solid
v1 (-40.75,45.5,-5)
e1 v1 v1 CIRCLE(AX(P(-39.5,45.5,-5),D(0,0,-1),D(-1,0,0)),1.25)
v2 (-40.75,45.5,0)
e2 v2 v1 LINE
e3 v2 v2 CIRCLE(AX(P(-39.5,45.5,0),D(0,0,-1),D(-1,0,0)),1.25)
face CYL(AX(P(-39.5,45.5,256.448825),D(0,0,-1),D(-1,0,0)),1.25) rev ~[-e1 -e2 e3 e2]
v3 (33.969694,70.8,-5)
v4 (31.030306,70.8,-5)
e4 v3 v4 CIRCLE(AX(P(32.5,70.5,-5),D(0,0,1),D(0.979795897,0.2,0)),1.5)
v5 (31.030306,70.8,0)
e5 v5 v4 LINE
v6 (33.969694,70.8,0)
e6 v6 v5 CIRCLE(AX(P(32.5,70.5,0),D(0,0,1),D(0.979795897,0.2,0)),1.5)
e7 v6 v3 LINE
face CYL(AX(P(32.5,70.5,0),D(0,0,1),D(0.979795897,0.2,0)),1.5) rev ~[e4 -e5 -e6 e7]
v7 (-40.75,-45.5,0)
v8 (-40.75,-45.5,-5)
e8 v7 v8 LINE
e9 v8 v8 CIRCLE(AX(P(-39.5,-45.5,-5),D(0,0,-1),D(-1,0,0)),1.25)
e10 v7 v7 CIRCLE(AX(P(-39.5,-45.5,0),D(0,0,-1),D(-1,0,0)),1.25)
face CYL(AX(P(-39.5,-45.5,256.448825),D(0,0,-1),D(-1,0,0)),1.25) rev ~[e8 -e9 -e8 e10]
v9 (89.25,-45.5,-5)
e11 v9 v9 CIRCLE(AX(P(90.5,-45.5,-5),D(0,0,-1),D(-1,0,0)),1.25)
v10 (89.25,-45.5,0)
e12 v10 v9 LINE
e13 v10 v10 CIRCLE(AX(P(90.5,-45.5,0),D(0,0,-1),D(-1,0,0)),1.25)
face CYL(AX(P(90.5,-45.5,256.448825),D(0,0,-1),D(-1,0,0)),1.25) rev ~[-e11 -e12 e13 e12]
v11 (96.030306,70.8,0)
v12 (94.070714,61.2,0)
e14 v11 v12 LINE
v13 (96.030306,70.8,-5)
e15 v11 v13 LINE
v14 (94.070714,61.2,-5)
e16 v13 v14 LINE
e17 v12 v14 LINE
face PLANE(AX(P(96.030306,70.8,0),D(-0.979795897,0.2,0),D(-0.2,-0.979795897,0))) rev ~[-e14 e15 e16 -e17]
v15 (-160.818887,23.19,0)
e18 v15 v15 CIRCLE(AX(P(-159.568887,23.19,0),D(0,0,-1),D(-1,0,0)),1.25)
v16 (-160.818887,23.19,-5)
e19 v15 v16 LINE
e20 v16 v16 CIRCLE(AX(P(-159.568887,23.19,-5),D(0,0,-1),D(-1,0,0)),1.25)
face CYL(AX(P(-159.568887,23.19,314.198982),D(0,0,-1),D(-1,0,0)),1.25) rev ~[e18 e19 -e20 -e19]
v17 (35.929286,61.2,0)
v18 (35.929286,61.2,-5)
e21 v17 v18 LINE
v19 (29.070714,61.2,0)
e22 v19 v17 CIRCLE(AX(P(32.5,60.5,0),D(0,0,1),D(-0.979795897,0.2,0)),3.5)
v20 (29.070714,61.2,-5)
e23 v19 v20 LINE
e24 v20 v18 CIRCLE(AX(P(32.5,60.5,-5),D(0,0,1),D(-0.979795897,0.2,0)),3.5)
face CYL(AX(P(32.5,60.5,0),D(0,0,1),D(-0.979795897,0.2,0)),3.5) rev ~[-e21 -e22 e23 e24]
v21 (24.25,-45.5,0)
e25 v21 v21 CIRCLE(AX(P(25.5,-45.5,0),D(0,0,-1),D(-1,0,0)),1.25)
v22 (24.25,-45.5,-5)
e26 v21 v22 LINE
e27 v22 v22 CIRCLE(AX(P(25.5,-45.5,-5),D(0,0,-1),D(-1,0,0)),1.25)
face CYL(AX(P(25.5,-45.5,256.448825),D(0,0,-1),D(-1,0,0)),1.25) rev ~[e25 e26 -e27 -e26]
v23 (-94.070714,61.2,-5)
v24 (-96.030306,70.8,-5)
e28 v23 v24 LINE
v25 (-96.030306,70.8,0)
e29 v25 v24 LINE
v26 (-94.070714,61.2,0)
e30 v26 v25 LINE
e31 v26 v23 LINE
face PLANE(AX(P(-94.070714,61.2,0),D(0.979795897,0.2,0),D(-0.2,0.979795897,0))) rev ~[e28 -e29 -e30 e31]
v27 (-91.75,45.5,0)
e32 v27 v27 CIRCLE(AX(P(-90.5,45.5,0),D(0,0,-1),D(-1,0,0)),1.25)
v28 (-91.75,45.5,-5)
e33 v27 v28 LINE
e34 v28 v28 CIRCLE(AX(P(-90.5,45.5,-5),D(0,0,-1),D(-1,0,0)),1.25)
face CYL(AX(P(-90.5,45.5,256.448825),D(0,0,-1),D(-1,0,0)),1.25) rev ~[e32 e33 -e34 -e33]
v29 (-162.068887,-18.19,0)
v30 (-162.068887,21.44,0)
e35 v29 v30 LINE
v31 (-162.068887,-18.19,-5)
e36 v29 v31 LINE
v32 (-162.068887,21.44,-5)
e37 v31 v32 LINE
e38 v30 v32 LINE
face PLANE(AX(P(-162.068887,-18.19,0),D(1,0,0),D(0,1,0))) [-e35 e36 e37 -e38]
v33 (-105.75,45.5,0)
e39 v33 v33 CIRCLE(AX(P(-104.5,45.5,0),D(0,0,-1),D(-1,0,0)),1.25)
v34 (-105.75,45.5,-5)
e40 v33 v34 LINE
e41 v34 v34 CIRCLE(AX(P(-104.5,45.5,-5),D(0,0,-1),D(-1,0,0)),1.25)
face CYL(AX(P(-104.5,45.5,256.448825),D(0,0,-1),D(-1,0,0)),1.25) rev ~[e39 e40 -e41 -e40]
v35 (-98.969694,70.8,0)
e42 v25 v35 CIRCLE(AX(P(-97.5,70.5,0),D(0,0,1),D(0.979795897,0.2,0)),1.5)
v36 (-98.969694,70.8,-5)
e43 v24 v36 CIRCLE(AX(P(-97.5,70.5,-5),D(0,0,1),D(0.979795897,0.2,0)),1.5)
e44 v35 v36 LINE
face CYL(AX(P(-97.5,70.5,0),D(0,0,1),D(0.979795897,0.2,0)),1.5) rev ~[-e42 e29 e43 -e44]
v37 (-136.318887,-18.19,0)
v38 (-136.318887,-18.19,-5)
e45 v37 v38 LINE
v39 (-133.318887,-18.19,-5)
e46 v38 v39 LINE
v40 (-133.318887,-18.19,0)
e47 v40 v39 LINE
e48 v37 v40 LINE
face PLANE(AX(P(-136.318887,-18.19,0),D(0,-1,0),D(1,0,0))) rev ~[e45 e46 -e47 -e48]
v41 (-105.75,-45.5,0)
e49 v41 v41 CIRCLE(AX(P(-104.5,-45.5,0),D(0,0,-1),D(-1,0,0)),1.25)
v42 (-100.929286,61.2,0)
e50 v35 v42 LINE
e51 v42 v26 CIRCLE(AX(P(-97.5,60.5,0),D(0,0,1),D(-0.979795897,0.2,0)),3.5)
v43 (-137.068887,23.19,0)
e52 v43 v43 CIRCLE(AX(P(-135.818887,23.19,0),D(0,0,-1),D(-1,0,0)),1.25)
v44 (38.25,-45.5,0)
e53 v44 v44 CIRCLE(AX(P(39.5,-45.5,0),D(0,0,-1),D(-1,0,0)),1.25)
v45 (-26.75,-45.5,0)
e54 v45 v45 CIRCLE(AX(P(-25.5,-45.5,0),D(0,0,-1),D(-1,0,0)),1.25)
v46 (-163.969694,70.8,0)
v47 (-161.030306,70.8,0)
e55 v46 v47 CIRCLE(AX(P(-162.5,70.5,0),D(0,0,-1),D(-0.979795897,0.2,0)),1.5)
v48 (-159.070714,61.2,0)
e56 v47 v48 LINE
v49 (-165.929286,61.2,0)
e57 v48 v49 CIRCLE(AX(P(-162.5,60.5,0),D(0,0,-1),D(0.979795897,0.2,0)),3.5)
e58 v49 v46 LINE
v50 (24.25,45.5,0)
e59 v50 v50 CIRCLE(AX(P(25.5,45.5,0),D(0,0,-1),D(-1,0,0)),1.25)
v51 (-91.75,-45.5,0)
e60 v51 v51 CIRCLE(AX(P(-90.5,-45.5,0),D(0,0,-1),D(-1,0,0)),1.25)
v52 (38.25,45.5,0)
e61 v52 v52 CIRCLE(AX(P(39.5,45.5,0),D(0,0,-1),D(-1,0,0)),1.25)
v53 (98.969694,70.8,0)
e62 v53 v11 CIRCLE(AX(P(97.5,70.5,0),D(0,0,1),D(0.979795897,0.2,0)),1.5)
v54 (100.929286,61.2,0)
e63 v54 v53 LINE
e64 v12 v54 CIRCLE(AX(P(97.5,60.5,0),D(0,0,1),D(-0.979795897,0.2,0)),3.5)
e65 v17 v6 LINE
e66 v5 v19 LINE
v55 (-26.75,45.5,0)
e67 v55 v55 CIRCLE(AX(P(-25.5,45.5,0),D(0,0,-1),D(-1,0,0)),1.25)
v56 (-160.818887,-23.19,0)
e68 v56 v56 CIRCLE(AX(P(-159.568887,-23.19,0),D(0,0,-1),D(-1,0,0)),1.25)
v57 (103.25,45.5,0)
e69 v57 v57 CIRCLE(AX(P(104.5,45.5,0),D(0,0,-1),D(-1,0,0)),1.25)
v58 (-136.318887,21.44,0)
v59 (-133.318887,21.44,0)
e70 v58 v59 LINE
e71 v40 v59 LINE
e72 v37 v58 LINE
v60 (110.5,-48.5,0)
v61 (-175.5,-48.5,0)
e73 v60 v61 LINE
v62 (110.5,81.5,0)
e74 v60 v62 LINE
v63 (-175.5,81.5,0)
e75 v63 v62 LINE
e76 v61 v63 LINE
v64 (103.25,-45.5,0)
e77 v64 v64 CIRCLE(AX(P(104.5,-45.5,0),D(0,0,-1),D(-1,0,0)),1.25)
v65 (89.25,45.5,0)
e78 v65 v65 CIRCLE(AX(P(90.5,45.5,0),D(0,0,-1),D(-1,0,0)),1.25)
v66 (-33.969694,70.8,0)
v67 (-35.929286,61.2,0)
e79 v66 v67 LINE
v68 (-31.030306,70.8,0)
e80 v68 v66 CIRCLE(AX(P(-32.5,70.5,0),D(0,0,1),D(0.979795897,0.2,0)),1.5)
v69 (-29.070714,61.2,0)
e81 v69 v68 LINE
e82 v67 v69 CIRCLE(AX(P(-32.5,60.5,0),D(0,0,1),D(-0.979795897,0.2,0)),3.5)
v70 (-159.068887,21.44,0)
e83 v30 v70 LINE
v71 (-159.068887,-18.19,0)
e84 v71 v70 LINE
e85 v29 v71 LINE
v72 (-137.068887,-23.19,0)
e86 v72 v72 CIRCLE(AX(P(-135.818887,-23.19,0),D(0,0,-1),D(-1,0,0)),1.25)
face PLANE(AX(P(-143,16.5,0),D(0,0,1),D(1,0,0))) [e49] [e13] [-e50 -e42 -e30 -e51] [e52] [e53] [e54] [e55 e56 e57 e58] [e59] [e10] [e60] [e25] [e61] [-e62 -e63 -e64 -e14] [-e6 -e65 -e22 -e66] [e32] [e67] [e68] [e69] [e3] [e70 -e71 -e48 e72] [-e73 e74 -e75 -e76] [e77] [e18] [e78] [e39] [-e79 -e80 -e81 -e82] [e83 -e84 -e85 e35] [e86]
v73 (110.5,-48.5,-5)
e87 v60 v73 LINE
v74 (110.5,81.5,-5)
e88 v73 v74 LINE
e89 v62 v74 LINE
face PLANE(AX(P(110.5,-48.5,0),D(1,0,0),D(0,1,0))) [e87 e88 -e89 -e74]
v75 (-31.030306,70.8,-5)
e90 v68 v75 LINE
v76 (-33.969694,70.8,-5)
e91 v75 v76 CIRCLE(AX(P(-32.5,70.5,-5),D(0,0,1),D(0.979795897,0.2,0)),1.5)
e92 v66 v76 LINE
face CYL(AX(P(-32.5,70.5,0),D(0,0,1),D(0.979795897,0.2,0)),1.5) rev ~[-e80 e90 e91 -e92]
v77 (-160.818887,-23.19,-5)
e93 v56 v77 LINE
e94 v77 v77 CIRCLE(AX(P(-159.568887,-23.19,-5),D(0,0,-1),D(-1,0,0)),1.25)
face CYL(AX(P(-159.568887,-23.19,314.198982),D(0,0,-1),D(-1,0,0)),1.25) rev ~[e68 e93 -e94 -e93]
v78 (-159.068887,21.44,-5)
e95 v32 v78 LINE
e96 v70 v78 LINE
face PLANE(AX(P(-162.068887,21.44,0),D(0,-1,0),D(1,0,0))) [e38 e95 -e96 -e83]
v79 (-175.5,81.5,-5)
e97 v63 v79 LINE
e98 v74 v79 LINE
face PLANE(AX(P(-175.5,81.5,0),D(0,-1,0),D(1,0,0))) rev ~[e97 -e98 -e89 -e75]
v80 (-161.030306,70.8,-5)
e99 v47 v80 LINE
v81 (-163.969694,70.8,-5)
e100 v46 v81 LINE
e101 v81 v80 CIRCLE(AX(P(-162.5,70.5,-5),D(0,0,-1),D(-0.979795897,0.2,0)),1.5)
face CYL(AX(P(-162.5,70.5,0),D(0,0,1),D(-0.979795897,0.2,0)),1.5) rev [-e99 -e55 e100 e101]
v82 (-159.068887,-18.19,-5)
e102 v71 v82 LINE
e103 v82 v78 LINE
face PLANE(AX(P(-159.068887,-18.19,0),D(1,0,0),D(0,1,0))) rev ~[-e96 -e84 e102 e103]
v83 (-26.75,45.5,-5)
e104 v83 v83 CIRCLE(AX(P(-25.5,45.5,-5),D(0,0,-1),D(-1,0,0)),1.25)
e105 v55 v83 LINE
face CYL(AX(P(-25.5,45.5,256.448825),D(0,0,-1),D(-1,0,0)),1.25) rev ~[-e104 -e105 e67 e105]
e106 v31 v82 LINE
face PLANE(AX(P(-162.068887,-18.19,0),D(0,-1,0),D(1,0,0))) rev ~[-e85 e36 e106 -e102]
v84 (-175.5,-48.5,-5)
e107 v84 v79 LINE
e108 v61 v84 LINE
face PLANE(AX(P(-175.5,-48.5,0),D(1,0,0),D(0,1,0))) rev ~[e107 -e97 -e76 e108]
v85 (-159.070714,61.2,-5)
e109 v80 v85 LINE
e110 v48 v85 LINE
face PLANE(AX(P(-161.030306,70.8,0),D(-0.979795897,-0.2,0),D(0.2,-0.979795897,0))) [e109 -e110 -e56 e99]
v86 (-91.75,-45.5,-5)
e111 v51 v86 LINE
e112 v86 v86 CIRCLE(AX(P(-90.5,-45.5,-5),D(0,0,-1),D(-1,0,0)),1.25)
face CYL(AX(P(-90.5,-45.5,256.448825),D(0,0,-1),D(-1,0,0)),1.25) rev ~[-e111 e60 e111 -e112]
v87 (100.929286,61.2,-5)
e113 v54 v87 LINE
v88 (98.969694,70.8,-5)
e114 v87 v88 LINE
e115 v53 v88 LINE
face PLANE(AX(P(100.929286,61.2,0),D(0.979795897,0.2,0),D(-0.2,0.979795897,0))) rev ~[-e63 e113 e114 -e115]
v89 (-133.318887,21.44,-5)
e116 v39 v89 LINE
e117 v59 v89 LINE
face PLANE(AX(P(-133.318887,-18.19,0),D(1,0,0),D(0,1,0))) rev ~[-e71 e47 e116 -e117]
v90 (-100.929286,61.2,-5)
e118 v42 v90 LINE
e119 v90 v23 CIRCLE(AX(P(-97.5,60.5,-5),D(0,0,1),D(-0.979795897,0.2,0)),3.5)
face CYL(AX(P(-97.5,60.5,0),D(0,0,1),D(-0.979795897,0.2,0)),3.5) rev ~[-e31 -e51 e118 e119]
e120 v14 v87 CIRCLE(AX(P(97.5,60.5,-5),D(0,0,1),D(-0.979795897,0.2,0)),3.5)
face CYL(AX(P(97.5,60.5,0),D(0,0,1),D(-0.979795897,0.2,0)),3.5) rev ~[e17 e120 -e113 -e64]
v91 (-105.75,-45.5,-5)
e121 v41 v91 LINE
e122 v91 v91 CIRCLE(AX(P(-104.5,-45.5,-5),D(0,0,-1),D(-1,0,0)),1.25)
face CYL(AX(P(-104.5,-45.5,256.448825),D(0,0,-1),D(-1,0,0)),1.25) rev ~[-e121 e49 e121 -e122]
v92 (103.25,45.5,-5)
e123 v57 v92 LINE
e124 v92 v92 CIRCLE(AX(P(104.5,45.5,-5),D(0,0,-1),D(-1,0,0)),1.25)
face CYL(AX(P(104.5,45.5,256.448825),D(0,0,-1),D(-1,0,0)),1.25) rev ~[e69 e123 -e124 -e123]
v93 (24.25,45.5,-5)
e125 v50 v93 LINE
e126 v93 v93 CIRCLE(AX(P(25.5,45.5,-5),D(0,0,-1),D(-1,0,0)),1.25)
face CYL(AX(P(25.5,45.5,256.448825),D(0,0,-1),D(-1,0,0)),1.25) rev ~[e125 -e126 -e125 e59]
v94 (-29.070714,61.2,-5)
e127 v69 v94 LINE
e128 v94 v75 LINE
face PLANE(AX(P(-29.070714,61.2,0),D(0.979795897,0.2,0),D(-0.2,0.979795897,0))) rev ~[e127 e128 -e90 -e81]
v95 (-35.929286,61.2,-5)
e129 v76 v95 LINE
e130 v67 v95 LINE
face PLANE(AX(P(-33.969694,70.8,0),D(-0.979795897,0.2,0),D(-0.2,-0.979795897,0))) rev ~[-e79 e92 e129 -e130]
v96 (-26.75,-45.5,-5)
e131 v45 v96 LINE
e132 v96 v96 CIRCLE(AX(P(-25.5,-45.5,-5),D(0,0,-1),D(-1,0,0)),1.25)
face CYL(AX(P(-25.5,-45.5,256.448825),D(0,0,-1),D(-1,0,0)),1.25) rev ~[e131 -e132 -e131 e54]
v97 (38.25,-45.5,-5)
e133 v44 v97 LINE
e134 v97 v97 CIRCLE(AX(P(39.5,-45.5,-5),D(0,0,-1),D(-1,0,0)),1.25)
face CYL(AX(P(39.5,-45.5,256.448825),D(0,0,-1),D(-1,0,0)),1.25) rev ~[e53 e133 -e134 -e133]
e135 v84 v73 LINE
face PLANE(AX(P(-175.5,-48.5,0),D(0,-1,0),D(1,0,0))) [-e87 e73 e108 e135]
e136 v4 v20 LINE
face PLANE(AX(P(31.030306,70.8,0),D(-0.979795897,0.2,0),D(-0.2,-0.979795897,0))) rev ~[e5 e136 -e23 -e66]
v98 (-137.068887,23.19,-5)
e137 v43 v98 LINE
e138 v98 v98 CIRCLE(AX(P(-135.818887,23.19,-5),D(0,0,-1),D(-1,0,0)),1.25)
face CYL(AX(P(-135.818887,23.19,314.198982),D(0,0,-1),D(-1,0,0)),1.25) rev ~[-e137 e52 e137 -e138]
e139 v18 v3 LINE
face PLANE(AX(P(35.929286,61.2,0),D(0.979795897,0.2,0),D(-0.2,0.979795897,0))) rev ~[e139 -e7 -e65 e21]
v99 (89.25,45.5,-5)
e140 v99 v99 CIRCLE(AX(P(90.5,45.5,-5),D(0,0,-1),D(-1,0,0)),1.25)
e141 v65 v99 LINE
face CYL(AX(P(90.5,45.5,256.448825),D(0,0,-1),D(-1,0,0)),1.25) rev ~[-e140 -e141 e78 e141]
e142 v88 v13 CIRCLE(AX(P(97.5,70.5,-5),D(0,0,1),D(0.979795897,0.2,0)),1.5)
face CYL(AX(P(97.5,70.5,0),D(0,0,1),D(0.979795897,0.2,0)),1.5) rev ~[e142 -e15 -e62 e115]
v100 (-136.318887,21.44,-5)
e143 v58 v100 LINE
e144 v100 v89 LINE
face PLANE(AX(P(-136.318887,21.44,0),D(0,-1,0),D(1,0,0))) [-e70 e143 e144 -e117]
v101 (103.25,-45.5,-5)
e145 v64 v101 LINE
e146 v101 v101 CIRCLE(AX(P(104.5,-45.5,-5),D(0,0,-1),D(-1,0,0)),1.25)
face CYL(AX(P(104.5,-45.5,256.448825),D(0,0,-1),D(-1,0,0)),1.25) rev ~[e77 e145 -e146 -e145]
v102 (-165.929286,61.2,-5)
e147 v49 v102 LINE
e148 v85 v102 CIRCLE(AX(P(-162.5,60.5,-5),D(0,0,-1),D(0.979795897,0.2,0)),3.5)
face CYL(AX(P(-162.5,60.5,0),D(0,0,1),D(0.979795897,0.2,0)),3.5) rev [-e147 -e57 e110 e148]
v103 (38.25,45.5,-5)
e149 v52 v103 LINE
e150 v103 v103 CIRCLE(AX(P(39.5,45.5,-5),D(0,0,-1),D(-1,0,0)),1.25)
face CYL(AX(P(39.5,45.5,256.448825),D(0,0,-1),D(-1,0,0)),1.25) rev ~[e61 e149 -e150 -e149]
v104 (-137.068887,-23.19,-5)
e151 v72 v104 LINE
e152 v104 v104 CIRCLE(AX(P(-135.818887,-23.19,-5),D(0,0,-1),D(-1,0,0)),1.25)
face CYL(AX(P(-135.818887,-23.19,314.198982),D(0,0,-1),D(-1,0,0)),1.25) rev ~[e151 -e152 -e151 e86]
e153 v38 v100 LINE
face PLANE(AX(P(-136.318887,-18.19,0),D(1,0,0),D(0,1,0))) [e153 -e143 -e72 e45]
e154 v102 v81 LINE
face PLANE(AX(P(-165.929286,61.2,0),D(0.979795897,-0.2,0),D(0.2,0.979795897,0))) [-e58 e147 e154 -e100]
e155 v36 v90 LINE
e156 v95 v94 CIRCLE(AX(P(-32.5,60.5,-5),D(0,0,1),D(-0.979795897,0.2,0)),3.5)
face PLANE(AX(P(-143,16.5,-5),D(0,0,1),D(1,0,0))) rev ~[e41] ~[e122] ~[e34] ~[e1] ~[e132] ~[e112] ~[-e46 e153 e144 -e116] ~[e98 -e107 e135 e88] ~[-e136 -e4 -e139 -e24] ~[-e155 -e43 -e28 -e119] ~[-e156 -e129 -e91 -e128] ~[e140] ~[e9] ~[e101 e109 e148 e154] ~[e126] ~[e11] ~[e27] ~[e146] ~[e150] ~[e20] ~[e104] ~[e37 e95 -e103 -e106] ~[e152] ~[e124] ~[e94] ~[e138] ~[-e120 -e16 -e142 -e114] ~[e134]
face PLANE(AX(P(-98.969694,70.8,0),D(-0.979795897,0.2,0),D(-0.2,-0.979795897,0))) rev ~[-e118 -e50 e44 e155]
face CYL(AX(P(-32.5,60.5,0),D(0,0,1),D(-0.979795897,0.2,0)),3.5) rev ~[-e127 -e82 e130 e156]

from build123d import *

# Parameters (mm, degrees)
SKETCH_1_W         = 221
SKETCH_1_H         = 130
EXTRUDE_1_DEPTH    = 5
HOLE_WIZARD_M3_1_D = 2.5
SKETCH_4_W         = 65
SKETCH_4_H         = 130
SKETCH_4_W_2       = 3
SKETCH_4_H_2       = 39.63
EXTRUDE_3_DEPTH    = 5
HOLE_WIZARD_M3_2_D = 2.5


with BuildPart() as part:
    # 草圖1 → 填料-伸長1 (new body)
    with BuildSketch(Plane.XY):
        with Locations((0, 16.5)):
            Rectangle(SKETCH_1_W, SKETCH_1_H)
        with BuildLine():
            ThreePointArc((98.969693846, 70.8), (97.5, 72), (96.030306154, 70.8))
            Line((96.030306154, 70.8), (94.07071436, 61.2))
            ThreePointArc((94.07071436, 61.2), (97.5, 57), (100.92928564, 61.2))
            Line((100.92928564, 61.2), (98.969693846, 70.8))
        make_face(mode=Mode.SUBTRACT)
        with BuildLine():
            ThreePointArc((33.969693846, 70.8), (32.5, 72), (31.030306154, 70.8))
            Line((31.030306154, 70.8), (29.07071436, 61.2))
            ThreePointArc((29.07071436, 61.2), (32.5, 57), (35.92928564, 61.2))
            Line((35.92928564, 61.2), (33.969693846, 70.8))
        make_face(mode=Mode.SUBTRACT)
        with BuildLine():
            ThreePointArc((-31.030306154, 70.8), (-32.5, 72), (-33.969693846, 70.8))
            Line((-33.969693846, 70.8), (-35.92928564, 61.2))
            ThreePointArc((-35.92928564, 61.2), (-32.5, 57), (-29.07071436, 61.2))
            Line((-29.07071436, 61.2), (-31.030306154, 70.8))
        make_face(mode=Mode.SUBTRACT)
        with BuildLine():
            ThreePointArc((-100.92928564, 61.2), (-97.5, 57), (-94.07071436, 61.2))
            Line((-94.07071436, 61.2), (-96.030306154, 70.8))
            ThreePointArc((-96.030306154, 70.8), (-97.5, 72), (-98.969693846, 70.8))
            Line((-98.969693846, 70.8), (-100.92928564, 61.2))
        make_face(mode=Mode.SUBTRACT)
    extrude(amount=-EXTRUDE_1_DEPTH)

    # M3 螺紋孔1 (through all)
    with Locations(Plane.XY):
        with Locations((-104.5, 45.5), (-90.5, 45.5), (-104.5, -45.5), (-90.5, -45.5), (-39.5, 45.5), (-25.5, 45.5), (-25.5, -45.5), (-39.5, -45.5), (25.5, 45.5), (39.5, 45.5), (39.5, -45.5), (25.5, -45.5), (90.5, 45.5), (104.5, 45.5), (104.5, -45.5), (90.5, -45.5)):
            Hole(HOLE_WIZARD_M3_1_D / 2)

    # 草圖4 → 填料-伸長3 (add)
    with BuildSketch(Plane.XY):
        with Locations((-143, 16.5)):
            Rectangle(SKETCH_4_W, SKETCH_4_H)
        with Locations((-160.568887464, 1.625)):
            Rectangle(SKETCH_4_W_2, SKETCH_4_H_2, mode=Mode.SUBTRACT)
        with Locations((-134.818887464, 1.625)):
            Rectangle(SKETCH_4_W_2, SKETCH_4_H_2, mode=Mode.SUBTRACT)
        with BuildLine():
            ThreePointArc((-163.969693846, 70.8), (-162.5, 72), (-161.030306154, 70.8))
            Line((-161.030306154, 70.8), (-159.07071436, 61.2))
            ThreePointArc((-159.07071436, 61.2), (-162.5, 57), (-165.92928564, 61.2))
            Line((-165.92928564, 61.2), (-163.969693846, 70.8))
        make_face(mode=Mode.SUBTRACT)
    extrude(amount=-EXTRUDE_3_DEPTH)

    # M3 螺紋孔2 (through all)
    with Locations(Plane.XY):
        with Locations((-159.568887464, 23.19), (-135.818887464, 23.19), (-159.568887464, -23.19), (-135.818887464, -23.19)):
            Hole(HOLE_WIZARD_M3_2_D / 2)


solid = part.part
